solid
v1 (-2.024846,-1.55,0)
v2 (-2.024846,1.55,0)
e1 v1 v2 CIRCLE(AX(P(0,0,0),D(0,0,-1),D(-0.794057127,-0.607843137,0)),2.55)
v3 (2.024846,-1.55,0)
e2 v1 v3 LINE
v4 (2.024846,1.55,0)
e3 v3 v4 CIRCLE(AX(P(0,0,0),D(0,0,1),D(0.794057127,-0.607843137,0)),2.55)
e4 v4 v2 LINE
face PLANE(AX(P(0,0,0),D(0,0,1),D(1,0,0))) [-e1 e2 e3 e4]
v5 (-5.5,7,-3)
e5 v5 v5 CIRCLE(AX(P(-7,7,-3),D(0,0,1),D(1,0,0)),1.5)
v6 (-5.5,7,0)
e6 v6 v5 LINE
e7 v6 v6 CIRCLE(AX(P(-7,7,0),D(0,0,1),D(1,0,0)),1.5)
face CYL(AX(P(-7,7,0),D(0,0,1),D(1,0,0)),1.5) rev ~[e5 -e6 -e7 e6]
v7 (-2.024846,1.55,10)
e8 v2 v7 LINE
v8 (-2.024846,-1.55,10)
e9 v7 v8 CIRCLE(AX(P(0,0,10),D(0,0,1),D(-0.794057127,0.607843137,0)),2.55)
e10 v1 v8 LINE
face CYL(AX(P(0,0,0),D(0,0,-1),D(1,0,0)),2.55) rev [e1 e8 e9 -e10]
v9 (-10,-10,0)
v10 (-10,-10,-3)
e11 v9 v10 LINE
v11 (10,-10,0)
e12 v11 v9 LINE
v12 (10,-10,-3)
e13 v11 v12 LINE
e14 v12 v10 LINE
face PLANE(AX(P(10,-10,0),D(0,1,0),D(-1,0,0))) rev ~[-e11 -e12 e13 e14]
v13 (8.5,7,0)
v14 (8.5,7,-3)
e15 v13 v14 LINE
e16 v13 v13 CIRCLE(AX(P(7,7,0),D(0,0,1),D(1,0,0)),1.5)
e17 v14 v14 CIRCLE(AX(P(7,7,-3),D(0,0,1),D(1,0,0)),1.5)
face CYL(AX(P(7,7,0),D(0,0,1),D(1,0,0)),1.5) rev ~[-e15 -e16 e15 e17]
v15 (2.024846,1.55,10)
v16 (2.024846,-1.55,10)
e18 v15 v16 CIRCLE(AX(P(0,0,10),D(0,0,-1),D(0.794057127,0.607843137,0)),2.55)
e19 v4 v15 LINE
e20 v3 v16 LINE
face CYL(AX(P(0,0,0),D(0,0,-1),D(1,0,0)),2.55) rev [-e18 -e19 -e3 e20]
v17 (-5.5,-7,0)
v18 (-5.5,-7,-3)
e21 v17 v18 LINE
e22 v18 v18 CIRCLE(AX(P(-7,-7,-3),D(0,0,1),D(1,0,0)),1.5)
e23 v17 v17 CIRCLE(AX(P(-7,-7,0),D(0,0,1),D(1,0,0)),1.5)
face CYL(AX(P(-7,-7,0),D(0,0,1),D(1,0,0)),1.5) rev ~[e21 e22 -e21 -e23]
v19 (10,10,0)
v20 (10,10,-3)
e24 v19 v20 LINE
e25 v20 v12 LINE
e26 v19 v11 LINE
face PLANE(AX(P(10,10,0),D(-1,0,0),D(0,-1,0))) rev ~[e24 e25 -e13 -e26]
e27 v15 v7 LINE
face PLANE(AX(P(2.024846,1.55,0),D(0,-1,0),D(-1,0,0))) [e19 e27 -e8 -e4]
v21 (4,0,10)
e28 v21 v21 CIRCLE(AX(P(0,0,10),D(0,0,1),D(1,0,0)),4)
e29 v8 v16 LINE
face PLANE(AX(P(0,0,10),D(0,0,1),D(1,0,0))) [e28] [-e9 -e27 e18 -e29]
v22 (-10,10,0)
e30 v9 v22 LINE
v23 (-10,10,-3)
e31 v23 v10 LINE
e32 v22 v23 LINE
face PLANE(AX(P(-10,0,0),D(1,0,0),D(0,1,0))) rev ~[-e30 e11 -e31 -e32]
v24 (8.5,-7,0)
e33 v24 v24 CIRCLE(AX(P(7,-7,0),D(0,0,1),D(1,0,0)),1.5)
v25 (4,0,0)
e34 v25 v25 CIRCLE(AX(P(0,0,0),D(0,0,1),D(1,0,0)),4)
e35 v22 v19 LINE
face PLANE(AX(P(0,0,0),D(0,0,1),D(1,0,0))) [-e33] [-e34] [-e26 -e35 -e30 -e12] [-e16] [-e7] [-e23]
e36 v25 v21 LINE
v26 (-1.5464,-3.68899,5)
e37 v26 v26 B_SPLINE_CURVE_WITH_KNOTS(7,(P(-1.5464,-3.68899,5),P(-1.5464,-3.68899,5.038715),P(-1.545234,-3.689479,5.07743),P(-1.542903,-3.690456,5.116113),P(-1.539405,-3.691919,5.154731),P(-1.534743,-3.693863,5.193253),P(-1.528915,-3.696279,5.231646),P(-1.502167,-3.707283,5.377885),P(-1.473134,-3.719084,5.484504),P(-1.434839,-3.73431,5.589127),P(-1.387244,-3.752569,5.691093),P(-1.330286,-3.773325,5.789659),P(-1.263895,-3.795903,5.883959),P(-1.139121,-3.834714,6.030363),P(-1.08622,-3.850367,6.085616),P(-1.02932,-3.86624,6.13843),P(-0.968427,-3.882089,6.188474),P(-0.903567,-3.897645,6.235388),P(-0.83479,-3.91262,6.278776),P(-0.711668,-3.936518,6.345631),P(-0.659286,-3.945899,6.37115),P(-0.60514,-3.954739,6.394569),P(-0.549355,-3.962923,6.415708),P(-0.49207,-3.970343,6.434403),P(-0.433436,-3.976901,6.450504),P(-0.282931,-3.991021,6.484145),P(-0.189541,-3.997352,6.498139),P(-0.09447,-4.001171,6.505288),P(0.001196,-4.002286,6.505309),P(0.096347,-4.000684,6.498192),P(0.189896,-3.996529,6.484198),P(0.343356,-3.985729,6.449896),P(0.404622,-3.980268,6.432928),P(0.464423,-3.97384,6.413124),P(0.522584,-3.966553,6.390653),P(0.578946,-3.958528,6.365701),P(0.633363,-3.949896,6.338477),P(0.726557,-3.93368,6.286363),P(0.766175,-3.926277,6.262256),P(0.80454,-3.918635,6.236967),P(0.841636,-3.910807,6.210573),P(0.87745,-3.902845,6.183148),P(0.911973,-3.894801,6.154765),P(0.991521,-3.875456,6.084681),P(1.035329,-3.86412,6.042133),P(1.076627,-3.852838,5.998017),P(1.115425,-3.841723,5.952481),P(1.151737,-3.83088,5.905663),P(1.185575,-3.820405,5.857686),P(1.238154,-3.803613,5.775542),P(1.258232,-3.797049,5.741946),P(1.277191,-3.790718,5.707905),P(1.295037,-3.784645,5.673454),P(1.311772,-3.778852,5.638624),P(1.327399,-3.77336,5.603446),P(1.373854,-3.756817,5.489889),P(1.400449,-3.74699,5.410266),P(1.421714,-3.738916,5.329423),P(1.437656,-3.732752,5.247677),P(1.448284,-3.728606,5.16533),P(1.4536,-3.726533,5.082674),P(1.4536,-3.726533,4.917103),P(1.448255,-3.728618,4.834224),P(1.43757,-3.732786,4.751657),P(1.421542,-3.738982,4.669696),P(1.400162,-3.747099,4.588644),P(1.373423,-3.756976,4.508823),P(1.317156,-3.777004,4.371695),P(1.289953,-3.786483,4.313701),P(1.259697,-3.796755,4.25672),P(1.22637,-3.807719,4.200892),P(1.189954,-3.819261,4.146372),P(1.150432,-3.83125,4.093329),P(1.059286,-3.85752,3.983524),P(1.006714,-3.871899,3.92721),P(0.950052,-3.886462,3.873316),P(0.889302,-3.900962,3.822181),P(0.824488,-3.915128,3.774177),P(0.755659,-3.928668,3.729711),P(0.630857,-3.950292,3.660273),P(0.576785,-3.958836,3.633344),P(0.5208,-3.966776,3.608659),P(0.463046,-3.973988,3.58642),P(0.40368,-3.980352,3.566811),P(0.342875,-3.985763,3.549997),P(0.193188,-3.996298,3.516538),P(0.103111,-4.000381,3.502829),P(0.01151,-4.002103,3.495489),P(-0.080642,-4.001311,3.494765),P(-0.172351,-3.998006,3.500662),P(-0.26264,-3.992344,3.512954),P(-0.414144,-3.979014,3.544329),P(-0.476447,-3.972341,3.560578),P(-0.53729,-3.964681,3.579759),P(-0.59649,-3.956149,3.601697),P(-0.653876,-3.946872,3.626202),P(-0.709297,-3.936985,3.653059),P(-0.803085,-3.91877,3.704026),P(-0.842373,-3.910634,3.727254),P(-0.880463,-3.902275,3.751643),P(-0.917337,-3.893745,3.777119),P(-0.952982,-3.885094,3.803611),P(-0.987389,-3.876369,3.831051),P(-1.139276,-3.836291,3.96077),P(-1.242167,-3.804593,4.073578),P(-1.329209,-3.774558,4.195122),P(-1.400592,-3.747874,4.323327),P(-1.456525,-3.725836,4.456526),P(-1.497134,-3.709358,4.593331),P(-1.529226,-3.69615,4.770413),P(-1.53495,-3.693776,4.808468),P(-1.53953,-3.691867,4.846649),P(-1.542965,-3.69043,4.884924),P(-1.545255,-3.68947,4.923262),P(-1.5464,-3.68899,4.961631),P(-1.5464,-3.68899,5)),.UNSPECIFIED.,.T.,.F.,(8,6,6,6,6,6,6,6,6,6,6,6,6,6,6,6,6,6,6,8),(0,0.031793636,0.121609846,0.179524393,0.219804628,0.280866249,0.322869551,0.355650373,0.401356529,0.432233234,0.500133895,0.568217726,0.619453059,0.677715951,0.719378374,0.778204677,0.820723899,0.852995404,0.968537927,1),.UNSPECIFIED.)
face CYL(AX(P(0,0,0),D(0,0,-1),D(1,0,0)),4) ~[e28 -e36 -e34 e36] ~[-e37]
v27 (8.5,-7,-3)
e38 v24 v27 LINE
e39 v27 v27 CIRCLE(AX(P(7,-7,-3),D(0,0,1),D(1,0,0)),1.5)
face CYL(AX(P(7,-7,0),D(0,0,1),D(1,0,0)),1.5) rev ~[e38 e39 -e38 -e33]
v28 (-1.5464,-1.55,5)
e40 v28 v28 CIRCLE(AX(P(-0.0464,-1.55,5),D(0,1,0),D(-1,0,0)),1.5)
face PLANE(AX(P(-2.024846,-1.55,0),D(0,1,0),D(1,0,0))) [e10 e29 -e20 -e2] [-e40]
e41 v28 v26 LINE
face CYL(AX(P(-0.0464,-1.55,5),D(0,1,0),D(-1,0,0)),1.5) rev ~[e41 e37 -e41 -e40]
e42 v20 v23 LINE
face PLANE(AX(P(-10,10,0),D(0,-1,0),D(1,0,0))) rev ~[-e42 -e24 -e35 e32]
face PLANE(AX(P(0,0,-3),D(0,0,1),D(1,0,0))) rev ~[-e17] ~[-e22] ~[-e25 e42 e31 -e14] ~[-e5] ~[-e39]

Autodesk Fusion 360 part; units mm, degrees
sketch "Sketch1" plane through (0, 0, 0) normal (0, 0, 1) x (1, 0, 0)
  line L0 (2.55, 1.55) -> (-2.55, -1.55) construction
  line L1 (2.55, 1.55) -> (-2.55, -1.55) construction
  line L2 (-2.55, 1.55) -> (-2.55, -1.55)
  circle A0 centre (0, 0) radius 4
  line L3 (-2.55, 1.55) -> (2.55, -1.55) construction
  line L4 (-2.55, -1.55) -> (2.55, -1.55)
  line L5 (2.55, 1.55) -> (-2.55, 1.55)
  line L6 (2.55, 1.55) -> (-2.55, -1.55) construction
  line L7 (-2.55, 1.55) -> (2.55, -1.55) construction
  line L8 (-2.55, 1.55) -> (2.55, -1.55) construction
  circle A1 centre (0, 0) radius 2.55
  line L9 (2.55, -1.55) -> (2.55, 1.55)
  line L10 (-10, 10) -> (10, 10)
  line L11 (10, 10) -> (10, -10)
  line L12 (10, -10) -> (-10, -10)
  line L13 (-10, -10) -> (-10, 10)
  circle A2 centre (-7, 7) radius 1.5
  line L14 (0, 10) -> (0, 7.5)
  circle A3 centre (7, 7) radius 1.5
  line L15 (-10, 0) -> (-8.5, 0)
  circle A4 centre (-7, -7) radius 1.5
  circle A5 centre (7, -7) radius 1.5
  dimension "d1" = 5.1
  dimension "d2" = 5.1
  dimension "d3" = 3.1
  dimension "d4" = 8
  dimension "d5" = 5.1
  dimension "d6" = 5.1
  dimension "d7" = 20
  dimension "d8" = 20
  dimension "d9" = 3
extrude "Extrude1" add sketch "Sketch1" along normal blind 10 contours L2 L5 A1 | L2 L4 A1 | L5 A1 | L4 A1 | L5 A1 L9 | L4 A1 L9 | A0 makes body 1
extrude "Extrude2" add sketch "Sketch1" against normal blind 3 separate body contours L10 L11 L12 L13 makes body 2
extrude "Extrude3" add sketch "Sketch1" against normal blind 3 contours L2 L5 A1 | L2 L4 A1 | L4 L5 A1 | L5 A1 | L4 A1 | L5 A1 L9 | L4 A1 L9 | A0 bodies 1 2
sketch "Sketch2" plane through (0, -1.55, 0) normal (0, 1, 0) x (-1, 0, 0)
  line L0 (-2.0248, 0) -> (2.0248, 0)
  line L1 (2.0248, 0) -> (2.0248, 10)
  line L2 (2.0248, 10) -> (-2.0248, 10)
  line L3 (-2.0248, 10) -> (-2.0248, 0)
  circle A0 centre (0.0464, 5) radius 1.5
  dimension "d18" = 3
extrude "Extrude4" cut sketch "Sketch2" against normal blind 3 contours A0 bodies 1
